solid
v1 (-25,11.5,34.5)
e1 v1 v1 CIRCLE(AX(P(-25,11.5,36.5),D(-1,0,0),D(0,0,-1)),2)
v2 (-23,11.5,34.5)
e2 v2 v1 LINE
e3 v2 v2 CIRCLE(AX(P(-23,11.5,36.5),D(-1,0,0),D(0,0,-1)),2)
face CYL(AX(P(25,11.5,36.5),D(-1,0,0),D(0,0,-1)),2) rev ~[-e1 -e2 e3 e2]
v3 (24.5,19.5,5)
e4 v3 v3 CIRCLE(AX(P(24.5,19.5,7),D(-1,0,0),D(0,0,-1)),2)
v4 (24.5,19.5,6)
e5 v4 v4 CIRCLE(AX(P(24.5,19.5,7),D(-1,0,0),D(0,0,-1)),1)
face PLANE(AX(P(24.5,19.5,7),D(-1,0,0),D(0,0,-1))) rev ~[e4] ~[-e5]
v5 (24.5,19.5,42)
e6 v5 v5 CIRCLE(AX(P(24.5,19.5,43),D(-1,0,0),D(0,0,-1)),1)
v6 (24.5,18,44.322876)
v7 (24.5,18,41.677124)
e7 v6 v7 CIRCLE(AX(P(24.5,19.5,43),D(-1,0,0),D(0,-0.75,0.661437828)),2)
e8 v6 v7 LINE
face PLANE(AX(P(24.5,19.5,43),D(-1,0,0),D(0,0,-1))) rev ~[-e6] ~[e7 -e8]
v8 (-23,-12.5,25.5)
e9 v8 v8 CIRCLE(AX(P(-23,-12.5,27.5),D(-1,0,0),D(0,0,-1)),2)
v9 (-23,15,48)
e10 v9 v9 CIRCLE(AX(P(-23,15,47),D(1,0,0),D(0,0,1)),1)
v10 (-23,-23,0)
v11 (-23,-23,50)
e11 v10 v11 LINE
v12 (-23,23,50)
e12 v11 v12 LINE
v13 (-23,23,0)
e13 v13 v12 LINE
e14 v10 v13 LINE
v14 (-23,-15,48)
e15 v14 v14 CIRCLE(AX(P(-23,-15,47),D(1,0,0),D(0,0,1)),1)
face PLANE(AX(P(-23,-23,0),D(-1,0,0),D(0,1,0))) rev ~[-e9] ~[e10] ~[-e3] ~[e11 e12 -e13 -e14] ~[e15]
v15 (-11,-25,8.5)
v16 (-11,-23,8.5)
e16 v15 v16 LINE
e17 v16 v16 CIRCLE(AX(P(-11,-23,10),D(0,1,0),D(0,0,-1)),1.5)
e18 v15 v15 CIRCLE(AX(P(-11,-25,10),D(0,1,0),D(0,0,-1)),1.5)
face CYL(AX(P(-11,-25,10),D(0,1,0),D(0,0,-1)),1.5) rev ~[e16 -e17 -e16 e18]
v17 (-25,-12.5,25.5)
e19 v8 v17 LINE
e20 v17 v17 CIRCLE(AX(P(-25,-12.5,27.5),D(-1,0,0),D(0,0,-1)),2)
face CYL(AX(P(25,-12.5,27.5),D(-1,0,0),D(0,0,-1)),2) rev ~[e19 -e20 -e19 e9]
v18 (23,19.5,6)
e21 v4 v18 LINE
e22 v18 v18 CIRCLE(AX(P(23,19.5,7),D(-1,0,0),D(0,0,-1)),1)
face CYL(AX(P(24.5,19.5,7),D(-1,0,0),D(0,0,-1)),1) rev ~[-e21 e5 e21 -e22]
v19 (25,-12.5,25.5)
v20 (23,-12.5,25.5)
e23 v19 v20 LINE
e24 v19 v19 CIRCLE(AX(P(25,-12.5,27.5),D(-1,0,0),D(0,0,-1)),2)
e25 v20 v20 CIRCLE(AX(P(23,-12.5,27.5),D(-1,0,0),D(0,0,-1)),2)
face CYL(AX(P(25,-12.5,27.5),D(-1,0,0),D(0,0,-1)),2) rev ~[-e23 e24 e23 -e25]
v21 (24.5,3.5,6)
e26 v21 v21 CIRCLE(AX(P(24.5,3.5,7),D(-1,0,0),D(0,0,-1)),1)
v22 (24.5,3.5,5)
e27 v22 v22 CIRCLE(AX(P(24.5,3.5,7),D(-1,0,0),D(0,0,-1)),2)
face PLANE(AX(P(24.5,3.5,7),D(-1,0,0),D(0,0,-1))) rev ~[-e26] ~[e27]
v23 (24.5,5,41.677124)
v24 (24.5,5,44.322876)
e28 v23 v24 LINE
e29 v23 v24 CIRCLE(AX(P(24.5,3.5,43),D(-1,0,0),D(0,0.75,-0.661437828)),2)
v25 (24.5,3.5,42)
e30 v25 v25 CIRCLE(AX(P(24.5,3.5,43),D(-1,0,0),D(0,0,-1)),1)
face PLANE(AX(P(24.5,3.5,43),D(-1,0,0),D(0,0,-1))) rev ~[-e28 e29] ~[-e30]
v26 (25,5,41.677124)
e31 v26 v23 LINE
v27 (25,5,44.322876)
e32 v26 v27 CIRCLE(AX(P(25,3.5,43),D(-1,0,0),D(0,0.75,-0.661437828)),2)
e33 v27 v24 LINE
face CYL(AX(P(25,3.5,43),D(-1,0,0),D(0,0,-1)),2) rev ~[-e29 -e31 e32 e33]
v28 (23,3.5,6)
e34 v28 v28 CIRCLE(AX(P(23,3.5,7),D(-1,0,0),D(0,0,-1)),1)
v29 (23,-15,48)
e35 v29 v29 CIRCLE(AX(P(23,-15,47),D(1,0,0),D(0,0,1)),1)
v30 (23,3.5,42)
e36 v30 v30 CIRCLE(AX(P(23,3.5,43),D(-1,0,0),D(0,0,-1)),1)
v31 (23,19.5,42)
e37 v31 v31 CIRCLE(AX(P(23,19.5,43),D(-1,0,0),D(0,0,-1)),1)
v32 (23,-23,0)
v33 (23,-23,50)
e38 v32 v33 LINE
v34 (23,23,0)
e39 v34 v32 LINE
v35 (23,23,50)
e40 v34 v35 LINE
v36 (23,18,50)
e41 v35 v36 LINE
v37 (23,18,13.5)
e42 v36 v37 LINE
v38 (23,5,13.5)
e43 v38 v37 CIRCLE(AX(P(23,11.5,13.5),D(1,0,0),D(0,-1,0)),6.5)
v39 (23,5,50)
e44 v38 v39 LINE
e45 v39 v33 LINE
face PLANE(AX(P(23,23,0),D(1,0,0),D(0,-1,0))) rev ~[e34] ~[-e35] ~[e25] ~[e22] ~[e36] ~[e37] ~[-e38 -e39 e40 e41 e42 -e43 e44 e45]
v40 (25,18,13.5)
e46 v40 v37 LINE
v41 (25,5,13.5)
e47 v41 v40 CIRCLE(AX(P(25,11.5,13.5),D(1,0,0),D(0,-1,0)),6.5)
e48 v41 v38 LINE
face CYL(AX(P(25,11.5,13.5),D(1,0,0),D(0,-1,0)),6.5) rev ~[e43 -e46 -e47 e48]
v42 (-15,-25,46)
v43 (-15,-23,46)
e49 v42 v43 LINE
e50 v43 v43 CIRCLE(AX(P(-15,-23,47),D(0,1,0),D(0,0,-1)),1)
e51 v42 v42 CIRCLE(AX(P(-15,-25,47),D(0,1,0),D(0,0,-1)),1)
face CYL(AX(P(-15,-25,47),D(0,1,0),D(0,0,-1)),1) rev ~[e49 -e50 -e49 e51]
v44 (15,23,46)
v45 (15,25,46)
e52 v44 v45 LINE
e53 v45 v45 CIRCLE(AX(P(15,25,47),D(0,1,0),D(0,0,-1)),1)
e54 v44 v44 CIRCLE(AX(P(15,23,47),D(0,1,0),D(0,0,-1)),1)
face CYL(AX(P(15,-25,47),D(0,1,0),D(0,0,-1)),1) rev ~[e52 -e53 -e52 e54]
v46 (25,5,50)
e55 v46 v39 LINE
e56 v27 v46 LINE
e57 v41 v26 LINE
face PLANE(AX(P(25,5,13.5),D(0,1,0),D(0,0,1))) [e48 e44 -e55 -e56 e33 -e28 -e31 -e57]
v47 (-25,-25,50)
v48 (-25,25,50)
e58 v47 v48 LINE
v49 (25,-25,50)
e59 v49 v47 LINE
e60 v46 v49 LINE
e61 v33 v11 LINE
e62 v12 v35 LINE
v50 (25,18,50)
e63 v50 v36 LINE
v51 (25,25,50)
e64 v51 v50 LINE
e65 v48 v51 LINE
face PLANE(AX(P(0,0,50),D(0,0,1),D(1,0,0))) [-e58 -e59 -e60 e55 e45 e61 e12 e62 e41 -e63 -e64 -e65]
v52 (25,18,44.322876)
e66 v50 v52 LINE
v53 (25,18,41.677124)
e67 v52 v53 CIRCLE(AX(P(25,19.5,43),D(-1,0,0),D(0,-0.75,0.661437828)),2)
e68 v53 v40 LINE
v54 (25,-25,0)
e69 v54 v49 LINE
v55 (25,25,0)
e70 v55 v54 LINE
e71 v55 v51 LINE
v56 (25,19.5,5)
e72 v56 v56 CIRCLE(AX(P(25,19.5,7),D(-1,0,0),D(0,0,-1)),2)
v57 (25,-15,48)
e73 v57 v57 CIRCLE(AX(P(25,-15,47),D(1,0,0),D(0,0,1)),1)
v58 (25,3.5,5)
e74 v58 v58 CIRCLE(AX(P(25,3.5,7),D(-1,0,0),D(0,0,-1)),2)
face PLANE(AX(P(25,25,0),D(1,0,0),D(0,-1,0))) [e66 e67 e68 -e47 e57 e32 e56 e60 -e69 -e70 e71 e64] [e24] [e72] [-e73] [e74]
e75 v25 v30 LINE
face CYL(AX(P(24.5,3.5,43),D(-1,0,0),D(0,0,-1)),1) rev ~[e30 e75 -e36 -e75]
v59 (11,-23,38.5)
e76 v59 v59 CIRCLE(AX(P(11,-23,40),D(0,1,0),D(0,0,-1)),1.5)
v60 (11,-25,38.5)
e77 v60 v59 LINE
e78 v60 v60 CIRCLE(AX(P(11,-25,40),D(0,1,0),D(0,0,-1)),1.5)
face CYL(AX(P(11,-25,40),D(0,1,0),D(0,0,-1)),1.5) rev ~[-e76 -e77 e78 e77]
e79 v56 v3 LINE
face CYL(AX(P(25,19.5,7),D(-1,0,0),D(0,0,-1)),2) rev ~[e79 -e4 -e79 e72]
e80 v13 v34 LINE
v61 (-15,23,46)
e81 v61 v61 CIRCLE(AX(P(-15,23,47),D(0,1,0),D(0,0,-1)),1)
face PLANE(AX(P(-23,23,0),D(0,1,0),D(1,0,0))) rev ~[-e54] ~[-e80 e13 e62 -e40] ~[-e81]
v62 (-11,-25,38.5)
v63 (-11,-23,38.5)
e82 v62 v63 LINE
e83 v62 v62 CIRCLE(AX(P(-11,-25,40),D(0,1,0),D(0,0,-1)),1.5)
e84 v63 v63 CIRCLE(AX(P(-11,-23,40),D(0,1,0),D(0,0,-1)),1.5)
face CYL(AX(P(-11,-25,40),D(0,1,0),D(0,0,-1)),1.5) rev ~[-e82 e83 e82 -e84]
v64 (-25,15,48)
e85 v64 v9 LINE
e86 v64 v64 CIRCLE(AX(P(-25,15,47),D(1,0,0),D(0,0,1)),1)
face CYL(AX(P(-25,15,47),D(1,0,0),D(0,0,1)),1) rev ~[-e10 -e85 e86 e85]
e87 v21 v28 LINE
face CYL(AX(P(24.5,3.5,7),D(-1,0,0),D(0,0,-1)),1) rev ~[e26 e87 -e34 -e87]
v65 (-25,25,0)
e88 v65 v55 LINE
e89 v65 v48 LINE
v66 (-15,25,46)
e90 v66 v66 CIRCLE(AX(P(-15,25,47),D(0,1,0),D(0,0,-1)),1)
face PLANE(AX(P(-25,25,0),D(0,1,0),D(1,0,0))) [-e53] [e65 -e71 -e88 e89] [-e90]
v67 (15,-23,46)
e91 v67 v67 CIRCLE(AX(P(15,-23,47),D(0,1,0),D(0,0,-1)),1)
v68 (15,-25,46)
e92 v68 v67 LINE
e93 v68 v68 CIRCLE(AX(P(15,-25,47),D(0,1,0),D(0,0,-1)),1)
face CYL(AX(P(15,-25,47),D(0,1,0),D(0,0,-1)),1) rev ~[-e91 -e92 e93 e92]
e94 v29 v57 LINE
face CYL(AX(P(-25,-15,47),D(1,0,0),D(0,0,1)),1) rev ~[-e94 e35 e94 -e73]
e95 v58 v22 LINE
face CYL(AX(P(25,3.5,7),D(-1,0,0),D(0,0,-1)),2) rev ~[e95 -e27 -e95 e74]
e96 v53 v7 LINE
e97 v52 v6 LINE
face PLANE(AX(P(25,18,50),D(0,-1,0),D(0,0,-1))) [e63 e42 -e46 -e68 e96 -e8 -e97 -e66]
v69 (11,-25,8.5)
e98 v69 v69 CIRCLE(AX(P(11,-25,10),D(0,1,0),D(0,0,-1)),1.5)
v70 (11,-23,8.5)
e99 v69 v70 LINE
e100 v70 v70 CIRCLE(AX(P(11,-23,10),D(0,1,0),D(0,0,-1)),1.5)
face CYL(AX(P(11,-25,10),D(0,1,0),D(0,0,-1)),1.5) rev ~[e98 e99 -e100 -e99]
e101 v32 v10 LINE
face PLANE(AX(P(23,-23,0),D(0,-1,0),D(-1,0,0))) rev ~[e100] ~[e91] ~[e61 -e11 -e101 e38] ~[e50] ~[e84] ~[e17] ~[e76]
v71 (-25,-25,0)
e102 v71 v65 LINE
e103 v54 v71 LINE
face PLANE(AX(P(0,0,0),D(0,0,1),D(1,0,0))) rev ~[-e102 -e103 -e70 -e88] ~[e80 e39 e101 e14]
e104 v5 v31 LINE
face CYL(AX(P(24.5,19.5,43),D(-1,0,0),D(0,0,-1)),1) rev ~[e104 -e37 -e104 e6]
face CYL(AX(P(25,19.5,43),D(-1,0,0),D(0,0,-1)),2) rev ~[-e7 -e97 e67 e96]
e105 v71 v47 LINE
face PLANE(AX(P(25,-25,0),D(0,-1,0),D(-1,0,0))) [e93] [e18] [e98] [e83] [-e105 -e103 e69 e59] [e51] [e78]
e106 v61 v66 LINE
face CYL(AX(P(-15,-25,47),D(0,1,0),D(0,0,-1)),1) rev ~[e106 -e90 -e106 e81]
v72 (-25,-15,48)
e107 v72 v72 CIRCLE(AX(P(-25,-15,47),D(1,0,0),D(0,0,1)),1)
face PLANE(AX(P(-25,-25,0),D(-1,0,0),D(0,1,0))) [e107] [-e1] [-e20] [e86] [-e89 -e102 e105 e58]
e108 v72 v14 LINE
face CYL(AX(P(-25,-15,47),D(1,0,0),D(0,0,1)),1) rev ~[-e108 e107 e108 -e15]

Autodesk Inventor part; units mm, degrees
ref_plane "YZ Plane" through (0, 0, 0) normal (1, 0, 0) x (0, 1, 0)
ref_plane "XZ Plane" through (0, 0, 0) normal (0, 1, 0) x (-1, 0, 0)
ref_plane "XY Plane" through (0, 0, 0) normal (0, 0, 1) x (1, 0, 0)
sketch "スケッチ1" plane through (0, 0, 0) normal (0, 0, 1) x (1, 0, 0)
  line L0 (-25, 25) -> (25, 25)
  line L1 (25, 25) -> (25, -25)
  line L2 (25, -25) -> (-25, -25)
  line L3 (-25, -25) -> (-25, 25)
  line L4 (-23, 23) -> (23, 23)
  line L5 (23, 23) -> (23, -23)
  line L6 (23, -23) -> (-23, -23)
  line L7 (-23, -23) -> (-23, 23)
  point P0 (0, 0)
  dimension "d0" = 50
  dimension "d1" = 50
  dimension "d4" = 25
  dimension "d5" = 25
  dimension "d6" = 46
  dimension "d7" = 2
  dimension "d8" = 46
  dimension "d9" = 2
extrude "押し出し1" add sketch "スケッチ1" along normal blind 50
sketch "スケッチ2" plane through (25, -25, 0) normal (1, 0, 0) x (0, 0, -1)
  line L0 (-50, 50) -> (-50, 0) projected
  line L1 (-50, 43) -> (-13.5, 43)
  line L2 (-13.5, 30) -> (-50, 30)
  line L3 (-50, 30) -> (-50, 43)
  arc A0 (-13.5, 30) -> (-13.5, 43) centre (-13.5, 36.5) ccw
  line L4 (0, 50) -> (-50, 50) projected
  point P0 (0, 25)
  point P1 (-11.7323, 30.245)
  dimension "d34" = 13
  dimension "d43" = 13
  dimension "d44" = 6.5
  dimension "d46" = 36.5
  dimension "d236" = 7
extrude "押し出し2" cut sketch "スケッチ2" against normal blind 30.5
sketch "スケッチ3" plane through (25, -25, 0) normal (1, 0, 0) x (0, 0, -1)
  arc A0 (-13.5, 30) -> (-13.5, 43) centre (-13.5, 36.5) ccw projected
  line L0 (-13.5, 30) -> (-50, 30) projected
  circle A1 centre (-7, 44.5) radius 1
  circle A2 centre (-43, 44.5) radius 1
  circle A3 centre (-43, 28.5) radius 1
  circle A4 centre (-7, 28.5) radius 1
  point P0 (0, 25)
  dimension "d47" = 8
  dimension "d48" = 8
  dimension "d49" = 16
  dimension "d50" = 1.5
  dimension "d51" = 36
  dimension "d52" = 36
  dimension "d53" = 6.5
  dimension "d55" = 2
  dimension "d56" = 6.5
hole "穴1" at (25, 3.5, 43) at (25, 19.5, 7) at (25, 3.5, 7) at (25, 19.5, 43) direction (-1, 0, 0) diameter 2 depth 2 tip angle 118 counterbore diameter 4 counterbore depth 0.5
sketch "スケッチ11" plane through (25, -25, 0) normal (1, 0, 0) x (0, 0, -1)
  circle A0 centre (-36.5, 36.5) radius 1.5
  line L0 (-50, 50) -> (-50, 43) projected
  circle A1 centre (-27.5, 12.5) radius 1.5
  line L1 (0, 50) -> (0, 0) projected
  line L2 (0, 50) -> (-50, 50) projected
  point P0 (0, 25)
  dimension "d109" = 3
  dimension "d128" = 24
  dimension "d237" = 13.5
  dimension "d238" = 27.5
  dimension "d239" = 13.5
hole "穴6" at (25, -12.5, 27.5) at (25, 11.5, 36.5) direction (-1, 0, 0) diameter 4 end through all
sketch "スケッチ18" plane through (-25, -25, 0) normal (0, -1, 0) x (1, 0, 0)
  line L0 (50, 50) -> (0, 50) projected
  line L1 (50, 0) -> (0, 0) projected
  circle A0 centre (14, 40) radius 1.5
  circle A1 centre (36, 40) radius 1.5
  circle A2 centre (14, 10) radius 1.5
  circle A3 centre (36, 10) radius 1.5
  line L2 (0, 0) -> (0, 50) projected
  line L3 (50, 0) -> (50, 50) projected
  point P0 (49.5, 0)
  point P1 (49.5, 50)
  point P2 (25, 0)
  dimension "d240" = 10
  dimension "d241" = 10
  dimension "d242" = 10
  dimension "d243" = 10
  dimension "d248" = 3
  dimension "d267" = 22
  dimension "d268" = 22
  dimension "d269" = 14
  dimension "d270" = 14
hole "穴13" at (-11, -25, 40) at (-11, -25, 10) at (11, -25, 40) at (11, -25, 10) direction (0, 1, 0) diameter 3 depth 2 tip angle 118
thread "ねじ13" size "M3x0.5" class "6H" standard "ANSI Metric M Profile" full length
thread "ねじ14" size "M3x0.5" class "6H" standard "ANSI Metric M Profile" full length
thread "ねじ15" size "M3x0.5" class "6H" standard "ANSI Metric M Profile" full length
thread "ねじ16" size "M3x0.5" class "6H" standard "ANSI Metric M Profile" full length
sketch "スケッチ19" plane through (-25, -25, 0) normal (-1, 0, 0) x (0, 0, 1)
  line L0 (50, 0) -> (50, 50) projected
  line L1 (0, 50) -> (50, 50) projected
  circle A0 centre (47, 40) radius 1.1
  circle A1 centre (47, 10) radius 1.1
  point P0 (0, 25)
  dimension "d271" = 2.2
  dimension "d273" = 30
  dimension "d274" = 10
  dimension "d275" = 3
  dimension "d276" = 3
hole "穴14" at (-25, 15, 47) at (-25, -15, 47) direction (1, 0, 0) diameter 2 end through all
sketch "スケッチ20" plane through (-25, -25, 0) normal (0, -1, 0) x (1, 0, 0)
  line L0 (50, 50) -> (0, 50) projected
  line L1 (0, 0) -> (0, 50) projected
  circle A0 centre (10, 47) radius 1.1
  circle A1 centre (40, 47) radius 1.1
  point P0 (25, 0)
  dimension "d284" = 2.2
  dimension "d287" = 10
  dimension "d288" = 30
  dimension "d289" = 3
  dimension "d290" = 3
hole "穴15" at (-15, -25, 47) at (15, -25, 47) direction (0, 1, 0) diameter 2 end through all
properties part number "04" material "アルミニウム 6061"
